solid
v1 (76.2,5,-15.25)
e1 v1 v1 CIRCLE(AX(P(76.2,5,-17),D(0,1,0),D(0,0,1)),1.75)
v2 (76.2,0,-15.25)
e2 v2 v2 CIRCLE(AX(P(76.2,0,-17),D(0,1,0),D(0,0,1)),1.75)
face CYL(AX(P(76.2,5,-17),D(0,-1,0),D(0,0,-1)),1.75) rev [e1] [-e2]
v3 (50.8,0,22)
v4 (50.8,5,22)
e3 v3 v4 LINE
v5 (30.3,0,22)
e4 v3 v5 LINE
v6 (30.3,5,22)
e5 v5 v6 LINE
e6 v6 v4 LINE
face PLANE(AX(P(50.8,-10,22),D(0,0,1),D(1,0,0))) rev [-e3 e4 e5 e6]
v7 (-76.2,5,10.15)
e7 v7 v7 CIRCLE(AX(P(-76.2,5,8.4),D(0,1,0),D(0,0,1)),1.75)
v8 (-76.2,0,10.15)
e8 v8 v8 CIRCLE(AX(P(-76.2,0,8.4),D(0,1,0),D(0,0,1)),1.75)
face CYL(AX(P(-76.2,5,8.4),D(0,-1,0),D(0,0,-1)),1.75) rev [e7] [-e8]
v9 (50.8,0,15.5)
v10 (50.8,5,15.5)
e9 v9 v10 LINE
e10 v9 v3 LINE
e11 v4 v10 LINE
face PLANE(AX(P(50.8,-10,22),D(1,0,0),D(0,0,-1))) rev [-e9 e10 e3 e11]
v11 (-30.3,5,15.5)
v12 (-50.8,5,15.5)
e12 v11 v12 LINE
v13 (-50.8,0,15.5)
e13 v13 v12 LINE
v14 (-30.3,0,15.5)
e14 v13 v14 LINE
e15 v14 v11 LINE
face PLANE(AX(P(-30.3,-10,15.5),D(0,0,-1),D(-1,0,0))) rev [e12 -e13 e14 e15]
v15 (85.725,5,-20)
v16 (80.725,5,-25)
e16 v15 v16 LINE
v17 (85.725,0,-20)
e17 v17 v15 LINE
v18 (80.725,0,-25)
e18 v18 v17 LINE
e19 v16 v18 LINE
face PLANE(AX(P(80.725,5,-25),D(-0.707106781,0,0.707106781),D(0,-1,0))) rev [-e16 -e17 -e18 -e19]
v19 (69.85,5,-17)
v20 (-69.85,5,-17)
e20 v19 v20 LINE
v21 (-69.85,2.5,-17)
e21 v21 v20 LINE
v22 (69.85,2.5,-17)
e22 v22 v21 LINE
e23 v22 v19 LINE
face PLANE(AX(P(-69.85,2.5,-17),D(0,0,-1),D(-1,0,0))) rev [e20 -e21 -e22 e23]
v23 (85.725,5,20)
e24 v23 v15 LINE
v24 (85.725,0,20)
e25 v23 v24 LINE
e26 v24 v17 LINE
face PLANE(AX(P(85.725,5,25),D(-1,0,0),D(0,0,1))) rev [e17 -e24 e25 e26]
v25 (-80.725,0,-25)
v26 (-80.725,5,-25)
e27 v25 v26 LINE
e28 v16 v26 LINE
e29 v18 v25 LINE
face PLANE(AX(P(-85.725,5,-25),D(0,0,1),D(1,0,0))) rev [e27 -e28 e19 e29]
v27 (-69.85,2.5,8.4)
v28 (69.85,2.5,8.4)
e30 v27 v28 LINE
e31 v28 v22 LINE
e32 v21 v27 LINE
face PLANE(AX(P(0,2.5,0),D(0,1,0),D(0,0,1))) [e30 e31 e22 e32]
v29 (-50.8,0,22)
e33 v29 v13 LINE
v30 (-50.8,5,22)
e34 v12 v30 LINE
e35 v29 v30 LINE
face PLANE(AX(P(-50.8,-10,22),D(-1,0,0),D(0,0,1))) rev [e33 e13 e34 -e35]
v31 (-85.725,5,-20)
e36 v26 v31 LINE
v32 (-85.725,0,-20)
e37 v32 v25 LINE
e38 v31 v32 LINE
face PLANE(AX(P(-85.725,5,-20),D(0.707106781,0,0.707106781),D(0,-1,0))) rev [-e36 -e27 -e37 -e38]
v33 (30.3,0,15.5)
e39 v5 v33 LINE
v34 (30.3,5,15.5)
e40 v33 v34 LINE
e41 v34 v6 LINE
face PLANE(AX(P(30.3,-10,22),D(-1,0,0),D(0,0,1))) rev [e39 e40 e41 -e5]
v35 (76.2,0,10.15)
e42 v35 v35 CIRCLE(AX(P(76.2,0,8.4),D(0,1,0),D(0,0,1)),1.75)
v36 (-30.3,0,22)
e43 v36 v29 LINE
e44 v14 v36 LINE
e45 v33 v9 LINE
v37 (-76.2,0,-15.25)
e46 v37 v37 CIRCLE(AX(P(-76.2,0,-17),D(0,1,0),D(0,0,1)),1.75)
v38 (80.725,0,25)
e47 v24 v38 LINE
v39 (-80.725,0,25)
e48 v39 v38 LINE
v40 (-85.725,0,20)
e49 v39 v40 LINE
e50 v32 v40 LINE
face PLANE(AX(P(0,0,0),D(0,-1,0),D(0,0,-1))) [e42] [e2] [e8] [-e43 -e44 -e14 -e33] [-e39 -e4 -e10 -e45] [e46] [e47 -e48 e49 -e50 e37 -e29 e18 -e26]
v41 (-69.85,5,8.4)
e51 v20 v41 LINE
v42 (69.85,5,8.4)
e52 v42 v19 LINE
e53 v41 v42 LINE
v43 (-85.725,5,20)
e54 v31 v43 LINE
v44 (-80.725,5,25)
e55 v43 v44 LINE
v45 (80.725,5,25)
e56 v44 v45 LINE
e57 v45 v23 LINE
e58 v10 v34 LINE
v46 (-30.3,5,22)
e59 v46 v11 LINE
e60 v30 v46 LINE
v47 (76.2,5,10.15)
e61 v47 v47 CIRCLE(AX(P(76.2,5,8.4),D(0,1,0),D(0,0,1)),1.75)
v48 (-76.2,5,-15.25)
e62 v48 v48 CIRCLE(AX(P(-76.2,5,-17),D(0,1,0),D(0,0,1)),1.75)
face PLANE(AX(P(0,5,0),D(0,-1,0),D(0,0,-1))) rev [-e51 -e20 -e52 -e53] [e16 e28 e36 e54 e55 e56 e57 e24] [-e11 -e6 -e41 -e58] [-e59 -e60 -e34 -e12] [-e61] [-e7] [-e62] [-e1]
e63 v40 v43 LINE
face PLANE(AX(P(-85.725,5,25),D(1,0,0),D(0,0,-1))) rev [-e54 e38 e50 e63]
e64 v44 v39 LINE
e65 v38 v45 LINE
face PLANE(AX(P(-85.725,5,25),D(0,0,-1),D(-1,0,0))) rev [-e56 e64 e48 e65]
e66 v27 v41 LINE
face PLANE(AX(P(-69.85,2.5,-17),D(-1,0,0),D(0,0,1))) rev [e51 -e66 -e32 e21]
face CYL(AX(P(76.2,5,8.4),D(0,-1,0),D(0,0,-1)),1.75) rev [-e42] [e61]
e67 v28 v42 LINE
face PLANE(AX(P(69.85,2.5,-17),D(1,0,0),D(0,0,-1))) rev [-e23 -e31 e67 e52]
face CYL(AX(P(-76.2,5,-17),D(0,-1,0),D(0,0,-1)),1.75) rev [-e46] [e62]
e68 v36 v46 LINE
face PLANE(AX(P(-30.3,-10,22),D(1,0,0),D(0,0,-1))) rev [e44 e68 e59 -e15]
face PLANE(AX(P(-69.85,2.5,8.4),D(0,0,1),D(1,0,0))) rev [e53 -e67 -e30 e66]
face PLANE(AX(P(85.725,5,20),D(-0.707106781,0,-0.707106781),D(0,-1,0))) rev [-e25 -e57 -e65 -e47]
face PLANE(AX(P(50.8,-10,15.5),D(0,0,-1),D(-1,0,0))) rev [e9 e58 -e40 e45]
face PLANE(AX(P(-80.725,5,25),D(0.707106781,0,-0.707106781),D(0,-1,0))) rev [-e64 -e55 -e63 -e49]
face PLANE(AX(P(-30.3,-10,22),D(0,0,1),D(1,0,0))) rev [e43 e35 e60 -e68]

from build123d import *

# Parameters (mm, degrees)
SKETCH1_W           = 171.45
SKETCH1_H           = 50
SKETCH1_R           = 1.75
BOSS_EXTRUDE1_DEPTH = 5
CHAMFER1_SIZE       = 5
SKETCH2_W           = 139.7
SKETCH2_H           = 25.4
CUT_EXTRUDE1_DEPTH  = 2.5
SKETCH3_W           = 20.5
SKETCH3_H           = 6.5
CUT_EXTRUDE2_DEPTH  = 15


with BuildPart() as part:
    # Sketch1 → Boss-Extrude1 (new body)
    with BuildSketch(Plane(origin=(0, 0, 0), x_dir=(1, 0, 0), z_dir=(0, 1, 0))):
        Rectangle(SKETCH1_W, SKETCH1_H)
        with Locations(Location((-76.2, 17, 0), (0, 0, 270))):
            Circle(SKETCH1_R, mode=Mode.SUBTRACT)
        with Locations(Location((76.2, 17, 0), (0, 0, 270))):
            Circle(SKETCH1_R, mode=Mode.SUBTRACT)
        with Locations(Location((-76.2, -8.4, 0), (0, 0, 270))):
            Circle(SKETCH1_R, mode=Mode.SUBTRACT)
        with Locations(Location((76.2, -8.4, 0), (0, 0, 270))):
            Circle(SKETCH1_R, mode=Mode.SUBTRACT)
    extrude(amount=BOSS_EXTRUDE1_DEPTH)

    # Chamfer1
    chamfer1_edges = [part.edges().sort_by_distance(p)[0] for p in [
        (85.725, 2.5, 25),
        (-85.725, 2.5, 25),
        (-85.725, 2.5, -25),
        (85.725, 2.5, -25),
    ]]
    chamfer(chamfer1_edges, length=CHAMFER1_SIZE)

    # Sketch2 → Cut-Extrude1 (cut)
    with BuildSketch(Plane(origin=(0, 5, 0), x_dir=(1, 0, 0), z_dir=(0, 1, 0))):
        with Locations((0, 4.3)):
            Rectangle(SKETCH2_W, SKETCH2_H)
    extrude(amount=-CUT_EXTRUDE1_DEPTH, mode=Mode.SUBTRACT)

    # Sketch3 → Cut-Extrude2 (cut)
    with BuildSketch(Plane(origin=(0, 5, 0), x_dir=(1, 0, 0), z_dir=(0, 1, 0))):
        with Locations((40.55, -18.75)):
            Rectangle(SKETCH3_W, SKETCH3_H)
        with Locations((-40.55, -18.75)):
            Rectangle(SKETCH3_W, SKETCH3_H)
    extrude(amount=-CUT_EXTRUDE2_DEPTH, mode=Mode.SUBTRACT)


solid = part.part
